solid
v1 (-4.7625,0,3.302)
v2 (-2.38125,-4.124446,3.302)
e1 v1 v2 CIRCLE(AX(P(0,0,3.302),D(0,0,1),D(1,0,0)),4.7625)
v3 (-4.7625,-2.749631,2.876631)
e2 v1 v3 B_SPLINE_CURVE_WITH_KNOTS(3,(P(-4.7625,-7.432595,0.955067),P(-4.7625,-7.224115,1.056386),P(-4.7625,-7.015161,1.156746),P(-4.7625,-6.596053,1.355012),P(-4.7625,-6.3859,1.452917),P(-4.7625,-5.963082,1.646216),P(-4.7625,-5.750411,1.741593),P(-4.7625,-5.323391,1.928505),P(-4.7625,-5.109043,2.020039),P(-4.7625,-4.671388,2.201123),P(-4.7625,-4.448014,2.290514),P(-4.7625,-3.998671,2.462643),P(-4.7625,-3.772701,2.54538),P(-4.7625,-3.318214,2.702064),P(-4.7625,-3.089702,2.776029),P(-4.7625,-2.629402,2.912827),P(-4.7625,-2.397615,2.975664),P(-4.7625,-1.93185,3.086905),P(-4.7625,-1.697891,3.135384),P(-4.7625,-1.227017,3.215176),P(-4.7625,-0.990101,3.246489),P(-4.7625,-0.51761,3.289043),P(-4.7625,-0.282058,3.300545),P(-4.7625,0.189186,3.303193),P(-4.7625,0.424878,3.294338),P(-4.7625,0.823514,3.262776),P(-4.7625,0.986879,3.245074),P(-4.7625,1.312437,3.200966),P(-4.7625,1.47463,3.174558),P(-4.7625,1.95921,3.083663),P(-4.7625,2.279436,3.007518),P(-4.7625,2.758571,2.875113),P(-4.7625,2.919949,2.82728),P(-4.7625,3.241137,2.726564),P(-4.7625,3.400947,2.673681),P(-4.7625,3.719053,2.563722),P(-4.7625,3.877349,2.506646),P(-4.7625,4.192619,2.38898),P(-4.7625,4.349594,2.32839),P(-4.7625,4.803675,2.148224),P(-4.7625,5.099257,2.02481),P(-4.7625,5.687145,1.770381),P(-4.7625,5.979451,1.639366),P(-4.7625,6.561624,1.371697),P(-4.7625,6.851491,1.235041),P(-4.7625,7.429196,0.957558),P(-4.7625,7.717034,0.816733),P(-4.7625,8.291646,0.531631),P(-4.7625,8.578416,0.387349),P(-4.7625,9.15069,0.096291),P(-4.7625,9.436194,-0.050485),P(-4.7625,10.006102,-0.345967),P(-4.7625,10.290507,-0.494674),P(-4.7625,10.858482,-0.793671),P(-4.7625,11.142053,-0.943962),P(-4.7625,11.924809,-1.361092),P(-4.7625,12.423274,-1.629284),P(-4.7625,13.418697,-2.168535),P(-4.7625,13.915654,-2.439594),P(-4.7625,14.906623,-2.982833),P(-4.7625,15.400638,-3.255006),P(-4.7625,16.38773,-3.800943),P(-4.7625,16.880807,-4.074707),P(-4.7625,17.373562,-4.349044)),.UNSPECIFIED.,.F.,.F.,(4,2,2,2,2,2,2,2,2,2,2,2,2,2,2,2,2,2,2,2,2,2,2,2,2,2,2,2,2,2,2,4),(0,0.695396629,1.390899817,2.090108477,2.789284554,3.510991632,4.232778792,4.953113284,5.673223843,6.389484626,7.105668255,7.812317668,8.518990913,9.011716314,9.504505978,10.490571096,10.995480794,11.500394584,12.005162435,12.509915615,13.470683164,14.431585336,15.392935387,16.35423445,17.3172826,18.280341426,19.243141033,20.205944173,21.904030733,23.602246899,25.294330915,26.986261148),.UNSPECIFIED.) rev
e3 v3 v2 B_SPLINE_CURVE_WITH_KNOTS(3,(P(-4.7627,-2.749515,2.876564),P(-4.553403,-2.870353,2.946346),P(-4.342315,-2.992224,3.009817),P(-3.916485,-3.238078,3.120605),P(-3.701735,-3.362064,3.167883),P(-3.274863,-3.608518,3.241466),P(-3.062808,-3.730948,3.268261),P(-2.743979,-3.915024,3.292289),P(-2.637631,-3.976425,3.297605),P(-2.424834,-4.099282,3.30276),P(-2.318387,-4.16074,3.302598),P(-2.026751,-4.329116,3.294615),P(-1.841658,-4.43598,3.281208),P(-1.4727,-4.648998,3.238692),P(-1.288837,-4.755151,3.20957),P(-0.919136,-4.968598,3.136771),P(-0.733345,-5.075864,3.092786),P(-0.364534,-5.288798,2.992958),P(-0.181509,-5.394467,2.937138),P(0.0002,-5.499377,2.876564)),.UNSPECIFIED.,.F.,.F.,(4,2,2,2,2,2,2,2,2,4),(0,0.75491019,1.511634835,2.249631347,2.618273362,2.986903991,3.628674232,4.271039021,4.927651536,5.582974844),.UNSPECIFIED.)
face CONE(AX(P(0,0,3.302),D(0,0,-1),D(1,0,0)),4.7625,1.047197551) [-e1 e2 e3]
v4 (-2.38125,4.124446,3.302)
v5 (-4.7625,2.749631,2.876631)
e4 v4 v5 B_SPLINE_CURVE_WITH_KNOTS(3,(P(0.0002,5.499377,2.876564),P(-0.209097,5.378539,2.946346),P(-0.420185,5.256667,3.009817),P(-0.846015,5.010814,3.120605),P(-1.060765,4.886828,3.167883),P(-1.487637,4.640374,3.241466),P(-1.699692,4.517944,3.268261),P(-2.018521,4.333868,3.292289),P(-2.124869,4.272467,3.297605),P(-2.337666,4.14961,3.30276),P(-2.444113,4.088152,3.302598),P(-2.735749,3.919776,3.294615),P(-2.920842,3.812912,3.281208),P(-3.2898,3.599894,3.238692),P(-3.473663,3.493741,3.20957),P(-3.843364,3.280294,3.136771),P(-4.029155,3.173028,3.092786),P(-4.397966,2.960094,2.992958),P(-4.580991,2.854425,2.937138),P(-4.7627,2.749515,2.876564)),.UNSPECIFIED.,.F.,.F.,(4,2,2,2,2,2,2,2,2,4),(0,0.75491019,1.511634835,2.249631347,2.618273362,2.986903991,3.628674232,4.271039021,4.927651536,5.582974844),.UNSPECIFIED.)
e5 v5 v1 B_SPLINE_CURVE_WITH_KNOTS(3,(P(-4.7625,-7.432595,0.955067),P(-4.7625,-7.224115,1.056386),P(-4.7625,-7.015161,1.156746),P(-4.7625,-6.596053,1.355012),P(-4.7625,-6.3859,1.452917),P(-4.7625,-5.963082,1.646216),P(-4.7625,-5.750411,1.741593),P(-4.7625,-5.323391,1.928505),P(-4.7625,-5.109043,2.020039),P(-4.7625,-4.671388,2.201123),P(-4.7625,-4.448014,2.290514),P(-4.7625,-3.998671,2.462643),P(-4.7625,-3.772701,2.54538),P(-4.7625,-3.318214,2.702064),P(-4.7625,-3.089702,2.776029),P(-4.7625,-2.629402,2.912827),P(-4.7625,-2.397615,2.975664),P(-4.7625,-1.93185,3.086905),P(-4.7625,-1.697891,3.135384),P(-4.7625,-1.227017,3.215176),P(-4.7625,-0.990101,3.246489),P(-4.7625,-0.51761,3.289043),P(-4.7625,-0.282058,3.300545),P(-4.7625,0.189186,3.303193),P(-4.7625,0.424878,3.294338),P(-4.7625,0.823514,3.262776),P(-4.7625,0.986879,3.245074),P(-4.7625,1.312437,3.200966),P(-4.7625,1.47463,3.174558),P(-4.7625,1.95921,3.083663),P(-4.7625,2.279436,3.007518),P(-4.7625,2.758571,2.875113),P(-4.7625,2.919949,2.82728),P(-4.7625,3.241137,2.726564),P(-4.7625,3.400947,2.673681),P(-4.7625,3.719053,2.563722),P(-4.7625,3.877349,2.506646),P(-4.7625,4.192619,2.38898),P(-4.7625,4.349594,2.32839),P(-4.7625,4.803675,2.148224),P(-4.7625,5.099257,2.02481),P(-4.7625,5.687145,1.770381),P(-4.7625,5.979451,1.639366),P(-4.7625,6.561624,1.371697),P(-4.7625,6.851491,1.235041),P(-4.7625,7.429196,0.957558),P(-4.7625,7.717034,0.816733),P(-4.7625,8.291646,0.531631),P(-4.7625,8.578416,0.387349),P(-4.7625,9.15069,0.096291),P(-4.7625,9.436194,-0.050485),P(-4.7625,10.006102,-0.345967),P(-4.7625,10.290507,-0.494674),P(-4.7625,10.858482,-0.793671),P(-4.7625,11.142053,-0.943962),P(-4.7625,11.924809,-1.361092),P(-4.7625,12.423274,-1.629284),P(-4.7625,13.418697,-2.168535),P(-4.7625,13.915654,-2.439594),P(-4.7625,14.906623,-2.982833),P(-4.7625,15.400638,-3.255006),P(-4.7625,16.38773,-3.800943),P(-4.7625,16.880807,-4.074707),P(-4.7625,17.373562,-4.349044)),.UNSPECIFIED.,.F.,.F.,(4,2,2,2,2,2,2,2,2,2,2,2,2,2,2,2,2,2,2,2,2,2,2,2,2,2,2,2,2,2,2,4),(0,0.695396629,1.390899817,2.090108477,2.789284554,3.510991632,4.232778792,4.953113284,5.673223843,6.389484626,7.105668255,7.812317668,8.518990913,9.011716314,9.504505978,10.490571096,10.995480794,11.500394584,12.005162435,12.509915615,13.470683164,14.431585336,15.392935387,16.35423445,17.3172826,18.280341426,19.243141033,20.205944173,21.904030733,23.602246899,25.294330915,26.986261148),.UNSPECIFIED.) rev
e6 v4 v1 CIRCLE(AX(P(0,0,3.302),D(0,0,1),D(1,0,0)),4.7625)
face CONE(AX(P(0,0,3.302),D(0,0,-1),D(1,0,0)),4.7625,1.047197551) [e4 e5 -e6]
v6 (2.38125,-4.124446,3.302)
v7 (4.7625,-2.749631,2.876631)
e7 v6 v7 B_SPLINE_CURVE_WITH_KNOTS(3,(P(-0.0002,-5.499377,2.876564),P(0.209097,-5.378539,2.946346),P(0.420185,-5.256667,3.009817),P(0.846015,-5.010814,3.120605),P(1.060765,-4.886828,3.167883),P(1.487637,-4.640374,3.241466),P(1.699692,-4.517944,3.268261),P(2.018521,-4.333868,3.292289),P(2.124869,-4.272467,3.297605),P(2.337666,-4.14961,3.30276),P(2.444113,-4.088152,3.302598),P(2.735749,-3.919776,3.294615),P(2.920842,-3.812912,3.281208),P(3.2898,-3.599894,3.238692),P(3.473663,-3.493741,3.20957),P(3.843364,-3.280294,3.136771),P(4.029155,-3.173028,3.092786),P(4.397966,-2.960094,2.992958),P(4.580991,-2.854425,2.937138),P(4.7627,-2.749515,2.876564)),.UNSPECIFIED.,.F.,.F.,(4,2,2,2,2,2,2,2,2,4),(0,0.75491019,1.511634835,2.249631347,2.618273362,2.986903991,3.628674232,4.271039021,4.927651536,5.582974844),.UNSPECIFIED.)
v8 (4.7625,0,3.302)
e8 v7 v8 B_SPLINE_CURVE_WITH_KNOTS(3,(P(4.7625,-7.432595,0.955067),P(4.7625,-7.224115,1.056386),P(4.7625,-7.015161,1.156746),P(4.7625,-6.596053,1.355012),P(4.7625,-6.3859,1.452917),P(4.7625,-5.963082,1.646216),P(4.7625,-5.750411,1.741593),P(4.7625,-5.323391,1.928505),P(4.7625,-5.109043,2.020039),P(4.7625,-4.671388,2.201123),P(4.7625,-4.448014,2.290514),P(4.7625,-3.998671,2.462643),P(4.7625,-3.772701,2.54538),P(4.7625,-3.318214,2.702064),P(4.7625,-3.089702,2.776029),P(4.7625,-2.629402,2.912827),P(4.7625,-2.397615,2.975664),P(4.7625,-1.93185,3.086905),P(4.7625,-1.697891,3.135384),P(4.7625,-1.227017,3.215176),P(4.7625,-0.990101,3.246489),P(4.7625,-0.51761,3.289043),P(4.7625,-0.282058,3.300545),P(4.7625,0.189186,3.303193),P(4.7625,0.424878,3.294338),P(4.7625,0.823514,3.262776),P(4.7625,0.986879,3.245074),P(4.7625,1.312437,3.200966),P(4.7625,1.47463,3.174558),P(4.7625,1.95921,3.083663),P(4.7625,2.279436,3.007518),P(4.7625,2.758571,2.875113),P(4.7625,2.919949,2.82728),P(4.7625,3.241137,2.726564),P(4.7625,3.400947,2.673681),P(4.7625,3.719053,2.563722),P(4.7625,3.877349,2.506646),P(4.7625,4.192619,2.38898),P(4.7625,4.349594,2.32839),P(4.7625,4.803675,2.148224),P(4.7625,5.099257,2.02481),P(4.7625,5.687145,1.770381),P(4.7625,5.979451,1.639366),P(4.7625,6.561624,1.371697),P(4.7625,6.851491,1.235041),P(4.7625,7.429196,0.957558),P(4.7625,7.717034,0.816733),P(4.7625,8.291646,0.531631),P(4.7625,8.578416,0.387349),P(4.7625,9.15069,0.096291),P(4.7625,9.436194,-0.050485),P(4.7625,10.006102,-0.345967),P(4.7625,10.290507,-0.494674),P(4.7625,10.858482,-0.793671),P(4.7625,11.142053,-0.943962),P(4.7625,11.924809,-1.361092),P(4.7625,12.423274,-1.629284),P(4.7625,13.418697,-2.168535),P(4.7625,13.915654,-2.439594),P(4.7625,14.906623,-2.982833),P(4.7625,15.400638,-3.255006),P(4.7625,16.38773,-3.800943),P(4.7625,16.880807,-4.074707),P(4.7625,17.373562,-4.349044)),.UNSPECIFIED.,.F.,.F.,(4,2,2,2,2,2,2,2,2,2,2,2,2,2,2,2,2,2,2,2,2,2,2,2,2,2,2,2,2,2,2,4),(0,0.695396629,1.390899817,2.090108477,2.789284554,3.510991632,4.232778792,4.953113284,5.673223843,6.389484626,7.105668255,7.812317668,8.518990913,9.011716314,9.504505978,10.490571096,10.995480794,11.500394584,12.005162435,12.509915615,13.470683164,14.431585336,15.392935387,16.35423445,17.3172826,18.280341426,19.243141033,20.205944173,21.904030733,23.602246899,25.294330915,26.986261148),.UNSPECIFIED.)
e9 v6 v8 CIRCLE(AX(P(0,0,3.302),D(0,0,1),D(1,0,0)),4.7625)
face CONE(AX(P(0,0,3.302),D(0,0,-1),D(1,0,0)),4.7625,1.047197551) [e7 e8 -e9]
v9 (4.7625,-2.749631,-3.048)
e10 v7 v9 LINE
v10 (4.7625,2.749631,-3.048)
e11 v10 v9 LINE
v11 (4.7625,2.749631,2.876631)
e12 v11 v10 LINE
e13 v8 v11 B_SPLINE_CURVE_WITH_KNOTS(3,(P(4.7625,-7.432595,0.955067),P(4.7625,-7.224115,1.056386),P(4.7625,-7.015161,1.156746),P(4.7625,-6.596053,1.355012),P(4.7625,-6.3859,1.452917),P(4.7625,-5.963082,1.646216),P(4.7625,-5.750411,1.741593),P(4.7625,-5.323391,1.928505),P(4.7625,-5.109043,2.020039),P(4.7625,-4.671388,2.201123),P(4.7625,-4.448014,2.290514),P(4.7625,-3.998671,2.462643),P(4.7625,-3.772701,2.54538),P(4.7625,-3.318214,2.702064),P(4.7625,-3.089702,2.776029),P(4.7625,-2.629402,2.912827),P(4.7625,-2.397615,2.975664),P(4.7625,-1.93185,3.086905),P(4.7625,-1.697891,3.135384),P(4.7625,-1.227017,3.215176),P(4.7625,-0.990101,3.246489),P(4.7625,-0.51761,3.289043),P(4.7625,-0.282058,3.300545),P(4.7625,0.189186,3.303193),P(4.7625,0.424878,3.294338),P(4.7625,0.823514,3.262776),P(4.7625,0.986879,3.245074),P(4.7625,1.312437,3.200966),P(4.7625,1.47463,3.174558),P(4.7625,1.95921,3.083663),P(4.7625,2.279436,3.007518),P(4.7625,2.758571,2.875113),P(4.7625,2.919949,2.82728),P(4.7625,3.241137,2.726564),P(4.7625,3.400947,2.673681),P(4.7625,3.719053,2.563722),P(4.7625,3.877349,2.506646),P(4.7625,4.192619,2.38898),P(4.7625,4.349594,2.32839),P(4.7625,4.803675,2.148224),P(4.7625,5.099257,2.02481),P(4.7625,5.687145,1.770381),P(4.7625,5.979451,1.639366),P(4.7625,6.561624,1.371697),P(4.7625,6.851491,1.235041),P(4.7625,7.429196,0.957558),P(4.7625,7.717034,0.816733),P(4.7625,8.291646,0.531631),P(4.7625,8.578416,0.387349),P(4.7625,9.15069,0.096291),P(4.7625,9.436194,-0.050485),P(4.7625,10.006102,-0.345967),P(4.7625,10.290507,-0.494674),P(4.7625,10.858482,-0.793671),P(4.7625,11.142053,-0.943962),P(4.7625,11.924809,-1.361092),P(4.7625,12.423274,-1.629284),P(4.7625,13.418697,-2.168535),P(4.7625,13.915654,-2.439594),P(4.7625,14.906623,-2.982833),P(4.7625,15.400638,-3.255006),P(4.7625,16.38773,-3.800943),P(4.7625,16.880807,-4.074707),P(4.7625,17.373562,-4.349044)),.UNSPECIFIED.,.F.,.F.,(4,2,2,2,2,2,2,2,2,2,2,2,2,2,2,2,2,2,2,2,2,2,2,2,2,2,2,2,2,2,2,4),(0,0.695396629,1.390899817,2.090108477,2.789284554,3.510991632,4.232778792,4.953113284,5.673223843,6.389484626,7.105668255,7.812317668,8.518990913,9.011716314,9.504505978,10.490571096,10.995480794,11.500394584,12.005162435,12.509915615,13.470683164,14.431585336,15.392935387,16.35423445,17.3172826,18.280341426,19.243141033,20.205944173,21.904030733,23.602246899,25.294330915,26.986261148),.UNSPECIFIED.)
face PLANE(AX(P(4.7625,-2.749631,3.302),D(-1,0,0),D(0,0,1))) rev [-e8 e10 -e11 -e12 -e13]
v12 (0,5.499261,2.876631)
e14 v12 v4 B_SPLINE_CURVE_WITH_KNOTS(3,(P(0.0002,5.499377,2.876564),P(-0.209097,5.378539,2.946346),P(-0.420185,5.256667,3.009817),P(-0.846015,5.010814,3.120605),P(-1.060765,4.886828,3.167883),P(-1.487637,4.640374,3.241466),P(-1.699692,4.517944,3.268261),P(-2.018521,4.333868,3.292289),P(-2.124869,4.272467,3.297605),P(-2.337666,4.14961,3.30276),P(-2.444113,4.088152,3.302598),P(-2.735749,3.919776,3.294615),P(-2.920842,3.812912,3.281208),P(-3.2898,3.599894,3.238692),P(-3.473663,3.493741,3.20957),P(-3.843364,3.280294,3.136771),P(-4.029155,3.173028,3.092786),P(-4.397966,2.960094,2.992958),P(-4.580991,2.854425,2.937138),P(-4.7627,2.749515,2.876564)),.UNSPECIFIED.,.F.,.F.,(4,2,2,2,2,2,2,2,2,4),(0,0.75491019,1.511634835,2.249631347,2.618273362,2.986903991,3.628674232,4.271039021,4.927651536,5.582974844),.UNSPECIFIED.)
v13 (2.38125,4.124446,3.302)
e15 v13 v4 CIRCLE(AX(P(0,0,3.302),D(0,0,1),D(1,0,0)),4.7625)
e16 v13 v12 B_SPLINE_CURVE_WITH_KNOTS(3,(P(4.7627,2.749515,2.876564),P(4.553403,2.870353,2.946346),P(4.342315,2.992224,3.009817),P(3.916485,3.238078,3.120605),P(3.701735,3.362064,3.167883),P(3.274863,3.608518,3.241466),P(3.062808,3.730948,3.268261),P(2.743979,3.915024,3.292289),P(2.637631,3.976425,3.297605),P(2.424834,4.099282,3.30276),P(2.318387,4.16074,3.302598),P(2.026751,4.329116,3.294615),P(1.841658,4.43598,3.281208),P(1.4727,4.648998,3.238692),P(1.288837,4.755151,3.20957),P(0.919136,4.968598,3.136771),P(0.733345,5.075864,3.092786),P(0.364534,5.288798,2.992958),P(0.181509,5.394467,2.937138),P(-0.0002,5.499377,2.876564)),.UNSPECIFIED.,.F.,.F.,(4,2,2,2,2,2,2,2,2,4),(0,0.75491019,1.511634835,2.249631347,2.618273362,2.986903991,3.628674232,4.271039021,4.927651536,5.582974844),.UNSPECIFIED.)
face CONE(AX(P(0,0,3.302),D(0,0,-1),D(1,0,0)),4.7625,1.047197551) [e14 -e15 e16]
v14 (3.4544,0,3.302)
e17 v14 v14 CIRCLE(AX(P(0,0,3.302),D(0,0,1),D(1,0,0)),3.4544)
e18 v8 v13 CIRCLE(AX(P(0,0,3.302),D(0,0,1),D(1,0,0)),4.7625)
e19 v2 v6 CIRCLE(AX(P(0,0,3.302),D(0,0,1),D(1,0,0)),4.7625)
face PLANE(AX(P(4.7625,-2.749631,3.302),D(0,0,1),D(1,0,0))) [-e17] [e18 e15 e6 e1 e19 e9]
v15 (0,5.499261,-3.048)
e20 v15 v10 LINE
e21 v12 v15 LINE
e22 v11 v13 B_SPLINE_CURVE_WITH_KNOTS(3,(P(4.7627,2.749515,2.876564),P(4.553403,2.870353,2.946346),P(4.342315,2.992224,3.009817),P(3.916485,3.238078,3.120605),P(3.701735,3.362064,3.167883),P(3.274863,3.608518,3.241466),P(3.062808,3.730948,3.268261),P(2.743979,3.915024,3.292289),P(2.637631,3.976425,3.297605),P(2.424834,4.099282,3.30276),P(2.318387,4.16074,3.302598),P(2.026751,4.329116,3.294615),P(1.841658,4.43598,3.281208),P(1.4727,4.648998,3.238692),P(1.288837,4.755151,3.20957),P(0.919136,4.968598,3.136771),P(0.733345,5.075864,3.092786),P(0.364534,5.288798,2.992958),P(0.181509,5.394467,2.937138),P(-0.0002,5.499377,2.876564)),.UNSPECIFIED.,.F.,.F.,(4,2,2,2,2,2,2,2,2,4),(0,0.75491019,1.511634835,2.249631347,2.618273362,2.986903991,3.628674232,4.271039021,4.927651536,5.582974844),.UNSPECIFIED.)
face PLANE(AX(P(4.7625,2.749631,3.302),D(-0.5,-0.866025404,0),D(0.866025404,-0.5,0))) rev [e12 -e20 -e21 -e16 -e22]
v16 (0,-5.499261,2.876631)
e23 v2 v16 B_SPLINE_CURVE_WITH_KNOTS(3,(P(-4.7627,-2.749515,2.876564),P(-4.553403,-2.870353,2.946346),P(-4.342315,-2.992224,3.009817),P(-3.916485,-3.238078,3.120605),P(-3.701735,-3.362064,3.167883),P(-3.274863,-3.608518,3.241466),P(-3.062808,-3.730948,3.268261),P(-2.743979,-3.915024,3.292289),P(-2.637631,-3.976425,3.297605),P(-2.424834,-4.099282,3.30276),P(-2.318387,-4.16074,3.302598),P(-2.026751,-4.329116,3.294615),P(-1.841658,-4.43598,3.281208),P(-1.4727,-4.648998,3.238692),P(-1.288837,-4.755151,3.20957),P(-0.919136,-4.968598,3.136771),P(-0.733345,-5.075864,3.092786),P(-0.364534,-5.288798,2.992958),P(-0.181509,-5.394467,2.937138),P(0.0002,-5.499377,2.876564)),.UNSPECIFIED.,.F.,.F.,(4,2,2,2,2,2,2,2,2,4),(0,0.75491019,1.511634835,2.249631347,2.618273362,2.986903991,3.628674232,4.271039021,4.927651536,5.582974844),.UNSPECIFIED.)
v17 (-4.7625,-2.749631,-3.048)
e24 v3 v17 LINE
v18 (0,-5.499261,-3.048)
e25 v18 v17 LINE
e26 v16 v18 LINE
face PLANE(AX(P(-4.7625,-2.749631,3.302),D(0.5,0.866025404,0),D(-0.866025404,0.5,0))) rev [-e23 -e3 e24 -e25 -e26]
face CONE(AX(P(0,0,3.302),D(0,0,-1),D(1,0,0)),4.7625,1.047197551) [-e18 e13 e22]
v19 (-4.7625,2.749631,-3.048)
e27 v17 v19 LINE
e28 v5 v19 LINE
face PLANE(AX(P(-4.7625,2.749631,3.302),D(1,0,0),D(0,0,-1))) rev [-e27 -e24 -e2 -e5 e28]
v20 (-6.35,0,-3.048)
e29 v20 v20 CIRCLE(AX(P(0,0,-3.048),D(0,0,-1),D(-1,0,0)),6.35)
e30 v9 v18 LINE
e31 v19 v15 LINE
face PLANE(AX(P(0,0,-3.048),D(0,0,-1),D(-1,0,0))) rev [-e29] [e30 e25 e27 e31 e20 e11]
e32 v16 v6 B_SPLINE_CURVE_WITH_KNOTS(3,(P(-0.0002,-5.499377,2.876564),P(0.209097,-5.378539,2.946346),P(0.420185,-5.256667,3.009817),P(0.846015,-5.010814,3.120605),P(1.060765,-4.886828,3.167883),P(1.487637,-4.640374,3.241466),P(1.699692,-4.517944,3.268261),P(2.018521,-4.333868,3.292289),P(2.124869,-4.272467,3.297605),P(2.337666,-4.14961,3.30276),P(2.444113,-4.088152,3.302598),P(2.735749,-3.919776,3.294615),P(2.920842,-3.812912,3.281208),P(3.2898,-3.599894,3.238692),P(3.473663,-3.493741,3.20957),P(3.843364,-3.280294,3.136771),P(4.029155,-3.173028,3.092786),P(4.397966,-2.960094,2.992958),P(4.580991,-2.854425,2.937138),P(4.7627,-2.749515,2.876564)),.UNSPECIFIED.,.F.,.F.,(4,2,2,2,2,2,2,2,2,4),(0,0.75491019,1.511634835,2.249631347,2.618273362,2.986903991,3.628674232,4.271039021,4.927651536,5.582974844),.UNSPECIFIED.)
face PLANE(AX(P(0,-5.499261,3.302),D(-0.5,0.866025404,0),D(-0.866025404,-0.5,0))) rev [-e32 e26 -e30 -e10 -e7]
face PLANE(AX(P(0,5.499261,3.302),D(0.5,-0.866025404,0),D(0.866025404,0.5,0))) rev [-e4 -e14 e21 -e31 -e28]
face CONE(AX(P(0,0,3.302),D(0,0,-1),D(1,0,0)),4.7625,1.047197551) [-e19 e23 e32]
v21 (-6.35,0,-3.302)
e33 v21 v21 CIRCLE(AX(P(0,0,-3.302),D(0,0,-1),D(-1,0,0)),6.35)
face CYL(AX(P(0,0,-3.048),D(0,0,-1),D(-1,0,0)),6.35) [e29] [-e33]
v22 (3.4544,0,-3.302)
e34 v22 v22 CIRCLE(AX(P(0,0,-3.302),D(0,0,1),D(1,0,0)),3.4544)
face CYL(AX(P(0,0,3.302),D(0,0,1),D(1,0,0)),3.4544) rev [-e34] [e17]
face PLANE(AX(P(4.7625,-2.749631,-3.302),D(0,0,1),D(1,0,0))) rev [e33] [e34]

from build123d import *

# Parameters (mm, degrees)
EXTRUDE1_DEPTH           = 3.302
SKETCH2_OUTSIDE_W        = 41.061
SKETCH2_OUTSIDE_H        = 42.534
SKETCH2_OUTSIDE_R        = 4.7625
CUT_EXTRUDE1_DEPTH       = 7.604
CUT_EXTRUDE1_TAPER       = 60
SKETCH17_R               = 6.35
EXTRUDE3_DEPTH           = 0.254
F_5_16_24_TAPPED_HOLE1_D = 6.9088


with BuildPart() as part:
    # Sketch1 → Extrude1 (new body, symmetric)
    with BuildSketch(Plane.XY):
        Polygon((4.7625, -2.749630657), (4.7625, 2.749630657), (0, 5.499261314), (-4.7625, 2.749630657), (-4.7625, -2.749630657), (0, -5.499261314), align=None)
    extrude(amount=EXTRUDE1_DEPTH, both=True)

    # Sketch2 outside → Cut-Extrude1 (cut, through all)
    with BuildSketch(Plane.XY.offset(3.302)):
        with Locations((-0.0005, 0)):
            Rectangle(SKETCH2_OUTSIDE_W, SKETCH2_OUTSIDE_H)
        Circle(SKETCH2_OUTSIDE_R, mode=Mode.SUBTRACT)
    extrude(amount=-CUT_EXTRUDE1_DEPTH, taper=CUT_EXTRUDE1_TAPER, mode=Mode.SUBTRACT)

    # Sketch17 → Extrude3 (add)
    with BuildSketch(Plane(origin=(0, 0, -3.302), x_dir=(-1, 0, 0), z_dir=(0, 0, -1))):
        Circle(SKETCH17_R)
    extrude(amount=-EXTRUDE3_DEPTH)

    # 5/16-24 Tapped Hole1 (through all)
    with Locations(Plane.XY.offset(3.302)):
        with Locations((0, 0)):
            Hole(F_5_16_24_TAPPED_HOLE1_D / 2)


solid = part.part
